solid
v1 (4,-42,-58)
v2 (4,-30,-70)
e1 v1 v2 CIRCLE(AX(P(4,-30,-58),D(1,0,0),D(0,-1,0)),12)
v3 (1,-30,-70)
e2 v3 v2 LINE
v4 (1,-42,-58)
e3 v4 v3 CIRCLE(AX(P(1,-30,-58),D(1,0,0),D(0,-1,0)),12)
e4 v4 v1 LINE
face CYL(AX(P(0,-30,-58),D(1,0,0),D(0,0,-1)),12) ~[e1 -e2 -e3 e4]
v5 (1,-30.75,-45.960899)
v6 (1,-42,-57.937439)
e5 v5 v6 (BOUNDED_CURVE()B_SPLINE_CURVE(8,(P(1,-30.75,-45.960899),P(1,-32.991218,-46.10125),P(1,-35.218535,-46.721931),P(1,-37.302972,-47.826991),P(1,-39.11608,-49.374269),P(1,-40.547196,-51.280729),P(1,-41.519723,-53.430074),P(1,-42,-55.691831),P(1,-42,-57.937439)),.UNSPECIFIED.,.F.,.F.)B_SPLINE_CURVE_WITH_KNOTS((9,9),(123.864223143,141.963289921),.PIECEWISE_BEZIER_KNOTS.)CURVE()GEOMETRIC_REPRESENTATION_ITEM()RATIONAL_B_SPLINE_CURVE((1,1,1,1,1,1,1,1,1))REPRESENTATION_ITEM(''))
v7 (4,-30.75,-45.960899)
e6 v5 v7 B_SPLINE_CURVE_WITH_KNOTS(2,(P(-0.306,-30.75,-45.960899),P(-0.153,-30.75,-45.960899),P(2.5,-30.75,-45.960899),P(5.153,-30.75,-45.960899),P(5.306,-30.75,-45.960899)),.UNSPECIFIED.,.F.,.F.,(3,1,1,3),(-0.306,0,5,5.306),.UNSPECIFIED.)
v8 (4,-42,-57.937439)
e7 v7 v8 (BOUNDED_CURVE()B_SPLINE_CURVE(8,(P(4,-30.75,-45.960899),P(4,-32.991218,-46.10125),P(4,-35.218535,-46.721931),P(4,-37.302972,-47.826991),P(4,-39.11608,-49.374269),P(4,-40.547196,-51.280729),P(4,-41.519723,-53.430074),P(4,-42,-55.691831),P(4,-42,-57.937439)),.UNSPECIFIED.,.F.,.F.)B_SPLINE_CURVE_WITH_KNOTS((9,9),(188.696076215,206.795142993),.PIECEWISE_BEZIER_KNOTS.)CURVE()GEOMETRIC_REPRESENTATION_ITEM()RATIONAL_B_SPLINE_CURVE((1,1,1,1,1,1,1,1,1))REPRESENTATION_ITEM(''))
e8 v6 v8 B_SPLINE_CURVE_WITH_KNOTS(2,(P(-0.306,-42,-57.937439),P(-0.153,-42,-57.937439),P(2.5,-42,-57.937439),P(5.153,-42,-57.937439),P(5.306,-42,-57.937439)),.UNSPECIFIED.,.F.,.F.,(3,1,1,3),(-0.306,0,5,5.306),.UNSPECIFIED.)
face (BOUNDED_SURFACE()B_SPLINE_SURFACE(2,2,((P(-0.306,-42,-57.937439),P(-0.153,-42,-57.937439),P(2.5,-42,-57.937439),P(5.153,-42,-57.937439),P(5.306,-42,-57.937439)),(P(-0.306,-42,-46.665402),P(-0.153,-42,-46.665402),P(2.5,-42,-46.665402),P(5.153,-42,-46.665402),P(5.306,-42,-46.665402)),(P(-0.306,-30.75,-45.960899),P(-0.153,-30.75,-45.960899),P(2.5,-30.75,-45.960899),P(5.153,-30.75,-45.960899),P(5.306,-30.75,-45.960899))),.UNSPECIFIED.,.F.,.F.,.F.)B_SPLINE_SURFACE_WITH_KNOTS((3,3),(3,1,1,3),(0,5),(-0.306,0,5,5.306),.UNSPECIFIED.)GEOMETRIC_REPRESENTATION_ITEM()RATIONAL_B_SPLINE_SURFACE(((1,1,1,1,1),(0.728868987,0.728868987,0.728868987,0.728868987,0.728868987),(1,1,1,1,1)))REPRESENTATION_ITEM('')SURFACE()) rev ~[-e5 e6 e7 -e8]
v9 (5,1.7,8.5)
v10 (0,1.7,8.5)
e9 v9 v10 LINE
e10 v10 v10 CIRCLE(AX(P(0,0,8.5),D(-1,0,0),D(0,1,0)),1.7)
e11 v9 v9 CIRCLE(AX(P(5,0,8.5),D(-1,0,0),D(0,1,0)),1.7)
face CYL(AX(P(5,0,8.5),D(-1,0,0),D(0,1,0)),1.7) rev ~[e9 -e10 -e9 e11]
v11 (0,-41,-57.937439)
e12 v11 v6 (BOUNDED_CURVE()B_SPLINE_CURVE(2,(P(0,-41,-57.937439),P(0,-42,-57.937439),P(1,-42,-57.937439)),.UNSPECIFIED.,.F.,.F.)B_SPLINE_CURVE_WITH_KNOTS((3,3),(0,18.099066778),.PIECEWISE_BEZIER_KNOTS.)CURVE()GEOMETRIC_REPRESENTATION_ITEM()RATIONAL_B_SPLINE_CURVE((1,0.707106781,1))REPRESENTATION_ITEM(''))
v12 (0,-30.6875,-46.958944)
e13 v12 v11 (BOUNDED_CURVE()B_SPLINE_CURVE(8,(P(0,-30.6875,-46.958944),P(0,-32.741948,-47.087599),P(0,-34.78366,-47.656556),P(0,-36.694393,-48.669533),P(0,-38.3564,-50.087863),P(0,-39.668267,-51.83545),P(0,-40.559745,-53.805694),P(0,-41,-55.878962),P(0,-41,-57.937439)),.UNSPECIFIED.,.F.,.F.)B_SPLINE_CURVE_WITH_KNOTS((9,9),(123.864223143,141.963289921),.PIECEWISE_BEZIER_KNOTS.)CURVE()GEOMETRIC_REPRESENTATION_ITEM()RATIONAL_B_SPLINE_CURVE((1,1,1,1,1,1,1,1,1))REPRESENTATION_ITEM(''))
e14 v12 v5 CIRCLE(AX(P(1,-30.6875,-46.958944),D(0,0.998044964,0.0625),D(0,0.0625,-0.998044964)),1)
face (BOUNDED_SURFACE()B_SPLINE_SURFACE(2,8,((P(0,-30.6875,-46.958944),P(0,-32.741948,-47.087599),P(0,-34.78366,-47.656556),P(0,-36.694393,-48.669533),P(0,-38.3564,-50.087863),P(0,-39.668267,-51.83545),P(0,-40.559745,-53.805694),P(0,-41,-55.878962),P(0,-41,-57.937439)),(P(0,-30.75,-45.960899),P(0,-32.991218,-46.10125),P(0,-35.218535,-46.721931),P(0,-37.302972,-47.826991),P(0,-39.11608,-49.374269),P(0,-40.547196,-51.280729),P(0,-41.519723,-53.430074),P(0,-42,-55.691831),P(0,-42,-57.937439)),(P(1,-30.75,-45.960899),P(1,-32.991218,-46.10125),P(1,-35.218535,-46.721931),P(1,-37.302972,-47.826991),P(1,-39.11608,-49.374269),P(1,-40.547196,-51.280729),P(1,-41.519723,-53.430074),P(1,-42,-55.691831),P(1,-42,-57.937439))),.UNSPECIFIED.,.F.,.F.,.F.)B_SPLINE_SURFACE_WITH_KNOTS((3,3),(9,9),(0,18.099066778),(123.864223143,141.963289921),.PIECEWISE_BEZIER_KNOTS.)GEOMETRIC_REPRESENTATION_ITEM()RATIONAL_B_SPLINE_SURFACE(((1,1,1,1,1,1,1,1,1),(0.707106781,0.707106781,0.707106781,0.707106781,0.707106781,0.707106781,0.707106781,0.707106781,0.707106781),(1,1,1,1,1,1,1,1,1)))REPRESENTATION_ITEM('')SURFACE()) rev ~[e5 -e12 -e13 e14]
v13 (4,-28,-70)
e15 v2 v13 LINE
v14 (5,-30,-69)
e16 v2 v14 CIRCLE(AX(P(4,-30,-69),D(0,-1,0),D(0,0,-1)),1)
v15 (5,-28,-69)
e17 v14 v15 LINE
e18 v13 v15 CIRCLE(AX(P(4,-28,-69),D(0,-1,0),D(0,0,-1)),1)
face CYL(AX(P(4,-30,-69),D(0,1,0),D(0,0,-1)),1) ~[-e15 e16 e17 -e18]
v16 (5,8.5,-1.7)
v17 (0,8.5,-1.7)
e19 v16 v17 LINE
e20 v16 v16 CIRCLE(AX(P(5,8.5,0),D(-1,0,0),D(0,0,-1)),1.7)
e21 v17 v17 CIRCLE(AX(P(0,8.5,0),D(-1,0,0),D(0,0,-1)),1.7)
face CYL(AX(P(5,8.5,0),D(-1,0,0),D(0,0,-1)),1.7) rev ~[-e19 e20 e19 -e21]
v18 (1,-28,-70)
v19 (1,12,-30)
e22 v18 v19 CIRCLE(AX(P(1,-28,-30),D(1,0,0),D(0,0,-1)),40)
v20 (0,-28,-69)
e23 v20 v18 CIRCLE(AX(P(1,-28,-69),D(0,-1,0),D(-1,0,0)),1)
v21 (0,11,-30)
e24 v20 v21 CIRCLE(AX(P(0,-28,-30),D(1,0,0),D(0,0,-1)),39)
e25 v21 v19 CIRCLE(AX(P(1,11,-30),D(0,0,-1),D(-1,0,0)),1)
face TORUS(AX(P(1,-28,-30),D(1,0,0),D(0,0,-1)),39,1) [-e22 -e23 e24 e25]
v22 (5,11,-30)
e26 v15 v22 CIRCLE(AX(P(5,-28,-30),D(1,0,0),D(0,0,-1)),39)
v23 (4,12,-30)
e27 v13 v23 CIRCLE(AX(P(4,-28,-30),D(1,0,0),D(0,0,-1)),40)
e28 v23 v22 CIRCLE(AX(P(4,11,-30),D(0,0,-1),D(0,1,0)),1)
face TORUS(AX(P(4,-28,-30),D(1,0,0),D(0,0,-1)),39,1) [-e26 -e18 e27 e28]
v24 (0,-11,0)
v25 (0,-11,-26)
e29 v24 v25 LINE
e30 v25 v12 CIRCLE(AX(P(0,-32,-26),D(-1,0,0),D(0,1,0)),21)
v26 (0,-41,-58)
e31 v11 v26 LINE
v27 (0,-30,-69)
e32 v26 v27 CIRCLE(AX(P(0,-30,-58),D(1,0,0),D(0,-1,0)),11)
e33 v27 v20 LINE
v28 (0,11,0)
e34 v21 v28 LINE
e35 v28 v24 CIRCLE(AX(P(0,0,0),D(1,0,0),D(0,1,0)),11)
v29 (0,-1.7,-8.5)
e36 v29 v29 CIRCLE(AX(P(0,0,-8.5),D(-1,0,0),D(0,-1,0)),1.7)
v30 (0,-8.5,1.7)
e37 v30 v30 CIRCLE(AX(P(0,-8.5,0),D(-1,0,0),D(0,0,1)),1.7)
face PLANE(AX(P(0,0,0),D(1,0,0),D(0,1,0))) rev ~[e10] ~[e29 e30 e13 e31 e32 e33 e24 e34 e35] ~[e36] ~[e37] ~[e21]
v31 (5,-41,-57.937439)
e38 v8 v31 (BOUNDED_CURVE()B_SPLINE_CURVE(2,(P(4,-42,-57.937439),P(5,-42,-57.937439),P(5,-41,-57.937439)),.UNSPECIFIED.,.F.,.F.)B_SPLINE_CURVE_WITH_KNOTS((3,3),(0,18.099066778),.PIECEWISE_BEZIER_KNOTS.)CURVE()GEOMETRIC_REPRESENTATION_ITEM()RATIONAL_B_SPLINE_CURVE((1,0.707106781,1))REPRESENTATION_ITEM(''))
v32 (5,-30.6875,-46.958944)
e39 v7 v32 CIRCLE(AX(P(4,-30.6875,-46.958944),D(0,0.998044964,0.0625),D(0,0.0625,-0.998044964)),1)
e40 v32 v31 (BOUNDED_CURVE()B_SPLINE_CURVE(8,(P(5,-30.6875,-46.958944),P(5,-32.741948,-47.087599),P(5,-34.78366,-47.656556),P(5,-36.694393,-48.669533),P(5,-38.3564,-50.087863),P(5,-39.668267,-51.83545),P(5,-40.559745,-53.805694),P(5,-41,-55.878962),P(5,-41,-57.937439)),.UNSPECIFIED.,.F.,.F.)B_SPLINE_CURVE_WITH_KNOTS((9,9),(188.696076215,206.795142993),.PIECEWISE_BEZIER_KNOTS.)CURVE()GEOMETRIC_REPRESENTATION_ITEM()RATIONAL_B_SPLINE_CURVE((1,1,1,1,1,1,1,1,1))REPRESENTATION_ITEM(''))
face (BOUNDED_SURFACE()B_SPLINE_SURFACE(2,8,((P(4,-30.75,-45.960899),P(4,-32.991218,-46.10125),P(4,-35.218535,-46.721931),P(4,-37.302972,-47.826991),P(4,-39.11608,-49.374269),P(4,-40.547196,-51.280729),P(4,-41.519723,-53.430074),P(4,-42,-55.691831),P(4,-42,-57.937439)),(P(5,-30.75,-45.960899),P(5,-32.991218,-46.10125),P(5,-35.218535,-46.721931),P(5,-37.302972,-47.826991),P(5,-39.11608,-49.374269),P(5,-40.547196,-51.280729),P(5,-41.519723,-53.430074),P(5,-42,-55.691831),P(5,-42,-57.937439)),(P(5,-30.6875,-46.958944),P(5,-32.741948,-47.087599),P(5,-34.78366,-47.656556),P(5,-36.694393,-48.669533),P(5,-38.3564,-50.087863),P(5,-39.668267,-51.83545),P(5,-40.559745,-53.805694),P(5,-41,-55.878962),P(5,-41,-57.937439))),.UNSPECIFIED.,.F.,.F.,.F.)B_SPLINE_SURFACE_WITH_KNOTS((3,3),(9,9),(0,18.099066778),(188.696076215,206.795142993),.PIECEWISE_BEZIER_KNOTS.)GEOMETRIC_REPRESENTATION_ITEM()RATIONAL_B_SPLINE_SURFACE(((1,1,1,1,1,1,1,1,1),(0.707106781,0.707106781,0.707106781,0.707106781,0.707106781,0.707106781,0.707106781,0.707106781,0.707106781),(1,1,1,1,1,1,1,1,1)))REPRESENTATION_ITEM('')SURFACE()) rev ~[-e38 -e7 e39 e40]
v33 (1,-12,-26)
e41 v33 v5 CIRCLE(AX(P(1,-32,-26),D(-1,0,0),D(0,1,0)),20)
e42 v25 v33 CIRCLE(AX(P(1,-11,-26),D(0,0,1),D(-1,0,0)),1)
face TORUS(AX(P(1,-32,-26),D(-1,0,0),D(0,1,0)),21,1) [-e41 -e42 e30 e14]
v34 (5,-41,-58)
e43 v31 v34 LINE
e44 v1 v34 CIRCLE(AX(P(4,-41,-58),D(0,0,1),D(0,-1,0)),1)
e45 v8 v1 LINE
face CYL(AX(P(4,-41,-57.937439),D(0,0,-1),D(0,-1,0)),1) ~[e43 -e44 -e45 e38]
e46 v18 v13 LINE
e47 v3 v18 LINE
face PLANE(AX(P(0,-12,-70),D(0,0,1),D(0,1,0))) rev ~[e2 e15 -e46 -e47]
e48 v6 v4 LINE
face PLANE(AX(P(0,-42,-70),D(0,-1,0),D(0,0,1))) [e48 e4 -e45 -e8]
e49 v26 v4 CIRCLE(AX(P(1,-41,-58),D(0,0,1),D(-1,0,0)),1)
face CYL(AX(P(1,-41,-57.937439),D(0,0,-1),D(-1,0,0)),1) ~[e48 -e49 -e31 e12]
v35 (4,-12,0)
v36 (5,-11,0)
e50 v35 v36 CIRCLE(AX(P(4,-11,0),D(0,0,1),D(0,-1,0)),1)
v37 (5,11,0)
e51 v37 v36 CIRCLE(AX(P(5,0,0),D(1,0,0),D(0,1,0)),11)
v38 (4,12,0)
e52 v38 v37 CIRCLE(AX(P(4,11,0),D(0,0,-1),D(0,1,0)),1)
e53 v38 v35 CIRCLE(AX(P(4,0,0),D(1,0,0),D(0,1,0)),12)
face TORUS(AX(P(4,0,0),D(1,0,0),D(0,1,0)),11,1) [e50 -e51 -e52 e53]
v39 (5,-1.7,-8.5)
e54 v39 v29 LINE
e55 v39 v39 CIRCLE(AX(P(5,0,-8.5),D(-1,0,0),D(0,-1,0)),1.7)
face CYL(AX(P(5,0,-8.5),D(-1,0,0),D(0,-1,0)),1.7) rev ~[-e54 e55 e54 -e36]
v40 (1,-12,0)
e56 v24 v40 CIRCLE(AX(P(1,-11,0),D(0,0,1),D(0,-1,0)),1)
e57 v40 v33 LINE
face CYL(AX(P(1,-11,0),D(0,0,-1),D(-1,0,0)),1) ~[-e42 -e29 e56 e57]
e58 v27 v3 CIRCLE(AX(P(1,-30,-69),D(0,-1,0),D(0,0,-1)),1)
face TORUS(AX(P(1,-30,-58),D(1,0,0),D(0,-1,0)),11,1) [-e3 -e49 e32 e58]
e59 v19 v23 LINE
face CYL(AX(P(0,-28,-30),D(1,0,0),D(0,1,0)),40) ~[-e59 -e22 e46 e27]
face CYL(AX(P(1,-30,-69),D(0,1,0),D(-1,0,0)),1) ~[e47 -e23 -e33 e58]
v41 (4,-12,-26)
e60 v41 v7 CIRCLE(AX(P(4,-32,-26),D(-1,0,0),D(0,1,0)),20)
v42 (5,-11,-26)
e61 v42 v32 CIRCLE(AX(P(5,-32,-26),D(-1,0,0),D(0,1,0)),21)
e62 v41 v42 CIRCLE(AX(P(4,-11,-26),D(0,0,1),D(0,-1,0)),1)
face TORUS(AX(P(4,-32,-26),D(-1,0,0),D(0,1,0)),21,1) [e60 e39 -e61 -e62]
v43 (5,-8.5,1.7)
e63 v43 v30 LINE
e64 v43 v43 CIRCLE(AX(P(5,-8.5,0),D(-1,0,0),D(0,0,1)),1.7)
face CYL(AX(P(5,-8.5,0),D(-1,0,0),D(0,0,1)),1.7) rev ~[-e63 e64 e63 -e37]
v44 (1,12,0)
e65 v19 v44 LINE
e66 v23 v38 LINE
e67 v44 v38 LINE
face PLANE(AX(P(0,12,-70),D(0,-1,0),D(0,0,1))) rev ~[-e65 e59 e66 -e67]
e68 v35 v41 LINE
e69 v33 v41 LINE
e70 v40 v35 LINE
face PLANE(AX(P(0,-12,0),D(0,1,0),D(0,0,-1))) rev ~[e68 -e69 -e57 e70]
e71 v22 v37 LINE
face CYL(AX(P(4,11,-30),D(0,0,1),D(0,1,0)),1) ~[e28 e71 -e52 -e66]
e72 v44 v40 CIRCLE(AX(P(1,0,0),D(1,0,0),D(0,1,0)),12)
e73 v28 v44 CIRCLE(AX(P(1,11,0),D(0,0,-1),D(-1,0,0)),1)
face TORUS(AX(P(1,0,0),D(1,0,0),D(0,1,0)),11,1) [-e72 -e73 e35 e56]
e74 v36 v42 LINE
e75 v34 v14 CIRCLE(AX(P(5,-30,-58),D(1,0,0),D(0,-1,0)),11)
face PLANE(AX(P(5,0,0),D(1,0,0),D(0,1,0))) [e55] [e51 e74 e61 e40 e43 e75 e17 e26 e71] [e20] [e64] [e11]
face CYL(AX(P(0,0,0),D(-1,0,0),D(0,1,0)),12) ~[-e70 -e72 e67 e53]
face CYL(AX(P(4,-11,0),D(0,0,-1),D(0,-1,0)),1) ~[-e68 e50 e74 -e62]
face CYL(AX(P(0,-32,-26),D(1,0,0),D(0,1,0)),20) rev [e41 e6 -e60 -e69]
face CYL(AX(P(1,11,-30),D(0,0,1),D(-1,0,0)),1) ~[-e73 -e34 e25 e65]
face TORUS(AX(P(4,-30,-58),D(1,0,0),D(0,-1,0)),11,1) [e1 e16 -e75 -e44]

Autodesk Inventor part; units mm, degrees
ref_plane "YZ Plane" through (0, 0, 0) normal (1, 0, 0) x (0, 1, 0)
ref_plane "XZ Plane" through (0, 0, 0) normal (0, 1, 0) x (-1, 0, 0)
ref_plane "XY Plane" through (0, 0, 0) normal (0, 0, 1) x (1, 0, 0)
sketch "スケッチ1" plane through (0, 0, 0) normal (1, 0, 0) x (0, 1, 0)
  circle A0 centre (0, 0) radius 12
  line L0 (12, 0) -> (-12, 0)
  line L1 (-12, 0) -> (-12, -70)
  line L2 (-12, -70) -> (12, -70)
  line L3 (12, -70) -> (12, 0)
  line L4 (-12, -70) -> (-42, -70)
  line L5 (-42, -70) -> (-42, -46)
  line L6 (-42, -46) -> (-12, -46)
  line L7 (-12, -46) -> (-12, -70)
  point P0 (-12, -46)
  dimension "d0" = 24
  dimension "d1" = 70
  dimension "d4" = 24
  dimension "d5" = 30
extrude "押し出し1" add sketch "スケッチ1" along normal blind 5
fillet "フィレット1" radius 20 1 edges at (2.5, -12, -46)
fillet "フィレット3" radius 40 1 edges at (2.5, 12, -70)
fillet "フィレット2" radius 12 2 edges at (2.5, -42, -46) (2.5, -42, -70)
sketch "スケッチ2" plane through (5, 0, 0) normal (1, 0, 0) x (0, 0, -1)
  circle A0 centre (0, 0) radius 8.5
  point P0 (0, 8.5)
  dimension "d8" = 17
hole "穴1" at (5, 8.5, 0) direction (-1, 0, 0) diameter 3.4 end through all clearance for "Flat Head Machine Screw" size "M3" standard "Ansi Metric M Profile"
pattern_circular "円形状パターン1" count 4 over 360 about axis through (0, 0, 0) along (1, 0, 0) of "穴1"
fillet "フィレット4" radius 1 16 edges at (5, -29, -70) (5, -38.4853, -66.4853) (5, -42, -57.9687) (5, -38.7464, -49.7216) (5, -12, -13) (5, 0, 12) (5, 12, -15) (5, 0.2843, -58.2843) (0, 12, -15) (0, 0, 12) (0, -12, -13) (0, -38.7464, -49.7216) (0, -42, -57.9687) (0, -38.4853, -66.4853) (0, -29, -70) (0, 0.2843, -58.2843)
properties part number "base9"
